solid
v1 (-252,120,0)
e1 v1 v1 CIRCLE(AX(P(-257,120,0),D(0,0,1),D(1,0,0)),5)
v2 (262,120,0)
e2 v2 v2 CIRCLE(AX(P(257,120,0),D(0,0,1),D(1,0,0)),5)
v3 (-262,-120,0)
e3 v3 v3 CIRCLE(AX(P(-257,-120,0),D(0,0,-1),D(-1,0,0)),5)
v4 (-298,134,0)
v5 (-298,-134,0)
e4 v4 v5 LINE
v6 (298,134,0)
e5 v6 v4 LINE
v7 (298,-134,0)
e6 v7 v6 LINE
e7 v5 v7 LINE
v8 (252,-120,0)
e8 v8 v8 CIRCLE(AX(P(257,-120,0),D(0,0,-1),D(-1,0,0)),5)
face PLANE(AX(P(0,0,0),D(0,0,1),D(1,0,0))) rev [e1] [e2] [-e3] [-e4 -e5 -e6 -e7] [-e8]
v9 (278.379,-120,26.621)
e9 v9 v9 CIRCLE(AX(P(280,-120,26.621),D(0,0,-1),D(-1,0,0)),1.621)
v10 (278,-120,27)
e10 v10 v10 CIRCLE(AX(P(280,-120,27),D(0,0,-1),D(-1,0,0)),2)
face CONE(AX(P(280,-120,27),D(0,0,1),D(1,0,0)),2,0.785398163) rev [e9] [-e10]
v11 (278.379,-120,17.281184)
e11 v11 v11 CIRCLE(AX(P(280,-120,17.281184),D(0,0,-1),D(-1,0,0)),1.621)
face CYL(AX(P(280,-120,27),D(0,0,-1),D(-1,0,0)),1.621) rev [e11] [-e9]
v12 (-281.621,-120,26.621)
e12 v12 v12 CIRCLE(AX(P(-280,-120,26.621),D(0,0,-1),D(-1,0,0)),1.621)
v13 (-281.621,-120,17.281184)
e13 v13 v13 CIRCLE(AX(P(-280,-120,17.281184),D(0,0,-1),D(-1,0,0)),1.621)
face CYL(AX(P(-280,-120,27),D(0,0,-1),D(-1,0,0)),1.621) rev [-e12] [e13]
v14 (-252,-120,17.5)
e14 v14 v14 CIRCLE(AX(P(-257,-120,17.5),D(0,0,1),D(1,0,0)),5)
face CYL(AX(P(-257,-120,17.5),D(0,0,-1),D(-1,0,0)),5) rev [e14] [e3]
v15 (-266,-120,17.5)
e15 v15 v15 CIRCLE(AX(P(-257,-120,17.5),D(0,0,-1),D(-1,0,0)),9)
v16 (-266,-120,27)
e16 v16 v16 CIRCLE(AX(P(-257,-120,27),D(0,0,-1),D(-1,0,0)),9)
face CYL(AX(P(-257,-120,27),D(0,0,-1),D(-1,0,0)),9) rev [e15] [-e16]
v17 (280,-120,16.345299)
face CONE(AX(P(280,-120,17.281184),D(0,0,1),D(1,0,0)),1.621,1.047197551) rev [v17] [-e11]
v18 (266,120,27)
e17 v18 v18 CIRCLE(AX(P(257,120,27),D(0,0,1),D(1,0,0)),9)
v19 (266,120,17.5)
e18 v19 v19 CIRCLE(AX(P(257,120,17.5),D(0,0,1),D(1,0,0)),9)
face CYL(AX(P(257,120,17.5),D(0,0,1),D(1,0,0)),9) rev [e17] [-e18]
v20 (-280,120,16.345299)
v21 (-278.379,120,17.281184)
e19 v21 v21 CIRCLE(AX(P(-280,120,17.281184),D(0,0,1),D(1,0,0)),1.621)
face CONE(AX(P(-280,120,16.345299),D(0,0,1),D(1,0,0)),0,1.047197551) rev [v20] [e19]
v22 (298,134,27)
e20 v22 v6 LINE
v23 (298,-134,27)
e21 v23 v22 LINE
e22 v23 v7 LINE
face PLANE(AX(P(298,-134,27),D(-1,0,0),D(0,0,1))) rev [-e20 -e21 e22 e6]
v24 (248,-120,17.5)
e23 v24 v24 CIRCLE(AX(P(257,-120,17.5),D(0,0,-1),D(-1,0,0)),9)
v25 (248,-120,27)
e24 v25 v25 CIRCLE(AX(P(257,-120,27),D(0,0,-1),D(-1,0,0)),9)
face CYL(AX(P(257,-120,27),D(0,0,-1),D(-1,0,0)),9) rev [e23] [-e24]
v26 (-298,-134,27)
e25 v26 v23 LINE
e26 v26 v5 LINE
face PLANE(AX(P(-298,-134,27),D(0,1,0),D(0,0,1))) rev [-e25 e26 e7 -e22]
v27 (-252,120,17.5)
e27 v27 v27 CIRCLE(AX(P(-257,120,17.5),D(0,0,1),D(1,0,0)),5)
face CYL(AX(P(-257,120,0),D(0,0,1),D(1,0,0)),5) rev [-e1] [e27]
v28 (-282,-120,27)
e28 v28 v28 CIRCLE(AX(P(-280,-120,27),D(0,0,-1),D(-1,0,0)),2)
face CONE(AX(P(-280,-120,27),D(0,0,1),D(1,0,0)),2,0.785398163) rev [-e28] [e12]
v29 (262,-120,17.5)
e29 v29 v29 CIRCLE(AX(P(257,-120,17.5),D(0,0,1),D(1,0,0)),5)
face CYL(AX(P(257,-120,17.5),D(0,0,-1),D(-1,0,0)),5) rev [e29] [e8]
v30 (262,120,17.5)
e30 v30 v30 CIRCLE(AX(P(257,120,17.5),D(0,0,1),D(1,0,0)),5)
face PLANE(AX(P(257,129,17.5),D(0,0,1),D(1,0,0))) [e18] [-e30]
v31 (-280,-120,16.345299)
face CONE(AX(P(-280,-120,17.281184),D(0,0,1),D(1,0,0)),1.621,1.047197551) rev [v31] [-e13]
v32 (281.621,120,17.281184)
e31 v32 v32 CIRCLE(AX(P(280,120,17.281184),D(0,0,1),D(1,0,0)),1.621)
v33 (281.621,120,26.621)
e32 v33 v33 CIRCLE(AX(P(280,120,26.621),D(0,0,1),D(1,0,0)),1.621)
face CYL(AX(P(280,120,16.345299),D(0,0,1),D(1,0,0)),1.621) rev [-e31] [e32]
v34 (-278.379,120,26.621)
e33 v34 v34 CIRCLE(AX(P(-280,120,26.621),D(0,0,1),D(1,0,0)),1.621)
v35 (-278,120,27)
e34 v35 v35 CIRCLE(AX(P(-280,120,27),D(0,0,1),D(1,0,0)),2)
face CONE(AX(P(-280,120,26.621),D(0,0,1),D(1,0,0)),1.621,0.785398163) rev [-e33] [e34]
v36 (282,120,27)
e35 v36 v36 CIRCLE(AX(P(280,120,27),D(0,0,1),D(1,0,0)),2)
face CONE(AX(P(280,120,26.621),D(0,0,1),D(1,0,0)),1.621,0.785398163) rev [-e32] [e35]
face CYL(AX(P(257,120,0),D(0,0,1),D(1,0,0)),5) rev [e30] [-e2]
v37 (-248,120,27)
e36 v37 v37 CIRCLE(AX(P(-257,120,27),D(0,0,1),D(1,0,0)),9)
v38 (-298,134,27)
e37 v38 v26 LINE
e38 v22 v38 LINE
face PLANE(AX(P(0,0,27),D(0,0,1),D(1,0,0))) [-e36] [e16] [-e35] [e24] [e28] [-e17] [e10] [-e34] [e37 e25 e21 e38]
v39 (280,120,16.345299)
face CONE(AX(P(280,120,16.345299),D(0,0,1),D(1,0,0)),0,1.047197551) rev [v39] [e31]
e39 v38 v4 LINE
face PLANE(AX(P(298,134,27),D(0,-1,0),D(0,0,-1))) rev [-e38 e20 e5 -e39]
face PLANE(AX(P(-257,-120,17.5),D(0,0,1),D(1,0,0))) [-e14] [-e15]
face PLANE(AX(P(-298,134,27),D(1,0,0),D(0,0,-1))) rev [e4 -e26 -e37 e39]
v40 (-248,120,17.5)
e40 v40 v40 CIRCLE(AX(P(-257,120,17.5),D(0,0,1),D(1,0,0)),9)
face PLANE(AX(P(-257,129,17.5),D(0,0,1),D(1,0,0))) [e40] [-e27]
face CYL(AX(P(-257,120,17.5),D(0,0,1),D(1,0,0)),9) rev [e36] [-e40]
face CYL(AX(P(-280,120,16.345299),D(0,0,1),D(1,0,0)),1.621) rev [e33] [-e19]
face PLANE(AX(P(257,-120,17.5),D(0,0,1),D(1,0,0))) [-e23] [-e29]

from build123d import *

# Parameters (mm, degrees)
SZKIC1_W                    = 596
SZKIC1_H                    = 268
DODANIE_WYCI_GNI_CIE1_DEPTH = 27
SZKIC2_W                    = 17.5
SZKIC2_H                    = 5
SZKIC3_W                    = 17.5
SZKIC3_H                    = 5
SZKIC4_W                    = 17.5
SZKIC4_H                    = 5
SZKIC5_W                    = 17.5
SZKIC5_H                    = 5
SZKIC6_W                    = 9.5
SZKIC6_H                    = 9
SZKIC7_W                    = 9.5
SZKIC7_H                    = 9
SZKIC8_W                    = 9.5
SZKIC8_H                    = 9
SZKIC9_W                    = 9.5
SZKIC9_H                    = 9


with BuildPart() as part:
    # Szkic1 → Dodanie-wyciągnięcie1 (new body)
    with BuildSketch(Plane.XY):
        Rectangle(SZKIC1_W, SZKIC1_H)
    extrude(amount=DODANIE_WYCI_GNI_CIE1_DEPTH)

    # Szkic2 → Wycięcie-obrót1 (revolve, cut)
    with BuildSketch(Plane(origin=(257, 0, 0), x_dir=(0, 0, -1), z_dir=(1, 0, 0))):
        with Locations((-8.75, 122.5)):
            Rectangle(SZKIC2_W, SZKIC2_H)
    revolve(axis=Axis((257, 120, 0), (0, 0, 1)), mode=Mode.SUBTRACT)

    # Szkic3 → Wycięcie-obrót2 (revolve, cut)
    with BuildSketch(Plane(origin=(257, 0, 0), x_dir=(0, 0, -1), z_dir=(1, 0, 0))):
        with Locations((-8.75, -122.5)):
            Rectangle(SZKIC3_W, SZKIC3_H)
    revolve(axis=Axis((257, -120, 17.5), (0, 0, -1)), mode=Mode.SUBTRACT)

    # Szkic4 → Wycięcie-obrót3 (revolve, cut)
    with BuildSketch(Plane(origin=(-257, 0, 0), x_dir=(0, 0, -1), z_dir=(1, 0, 0))):
        with Locations((-8.75, 122.5)):
            Rectangle(SZKIC4_W, SZKIC4_H)
    revolve(axis=Axis((-257, 120, 0), (0, 0, 1)), mode=Mode.SUBTRACT)

    # Szkic5 → Wycięcie-obrót4 (revolve, cut)
    with BuildSketch(Plane(origin=(-257, 0, 0), x_dir=(0, 0, -1), z_dir=(1, 0, 0))):
        with Locations((-8.75, -122.5)):
            Rectangle(SZKIC5_W, SZKIC5_H)
    revolve(axis=Axis((-257, -120, 17.5), (0, 0, -1)), mode=Mode.SUBTRACT)

    # Szkic6 → Wycięcie-obrót5 (revolve, cut)
    with BuildSketch(Plane(origin=(-257, 0, 0), x_dir=(0, 0, -1), z_dir=(1, 0, 0))):
        with Locations((-22.25, 124.5)):
            Rectangle(SZKIC6_W, SZKIC6_H)
    revolve(axis=Axis((-257, 120, 17.5), (0, 0, 1)), mode=Mode.SUBTRACT)

    # Szkic7 → Wycięcie-obrót6 (revolve, cut)
    with BuildSketch(Plane(origin=(257, 0, 0), x_dir=(0, 0, -1), z_dir=(1, 0, 0))):
        with Locations((-22.25, 124.5)):
            Rectangle(SZKIC7_W, SZKIC7_H)
    revolve(axis=Axis((257, 120, 17.5), (0, 0, 1)), mode=Mode.SUBTRACT)

    # Szkic8 → Wycięcie-obrót7 (revolve, cut)
    with BuildSketch(Plane(origin=(-257, 0, 0), x_dir=(0, 0, -1), z_dir=(1, 0, 0))):
        with Locations((-22.25, -124.5)):
            Rectangle(SZKIC8_W, SZKIC8_H)
    revolve(axis=Axis((-257, -120, 27), (0, 0, -1)), mode=Mode.SUBTRACT)

    # Szkic9 → Wycięcie-obrót8 (revolve, cut)
    with BuildSketch(Plane(origin=(257, 0, 0), x_dir=(0, 0, -1), z_dir=(1, 0, 0))):
        with Locations((-22.25, -124.5)):
            Rectangle(SZKIC9_W, SZKIC9_H)
    revolve(axis=Axis((257, -120, 27), (0, 0, -1)), mode=Mode.SUBTRACT)

    # Szkic10 → Wycięcie-obrót9 (revolve, cut)
    with BuildSketch(Plane(origin=(-280, 0, 0), x_dir=(0, 0, -1), z_dir=(1, 0, 0))):
        Polygon((-27, 120), (-27, 122), (-26.621, 121.621), (-17.281184248, 121.621), (-16.345299462, 120), align=None)
    revolve(axis=Axis((-280, 120, 16.345299462), (0, 0, 1)), mode=Mode.SUBTRACT)

    # Szkic11 → Wycięcie-obrót10 (revolve, cut)
    with BuildSketch(Plane(origin=(-280, 0, 0), x_dir=(0, 0, -1), z_dir=(1, 0, 0))):
        Polygon((-16.345299462, -120), (-17.281184248, -121.621), (-26.621, -121.621), (-27, -122), (-27, -120), align=None)
    revolve(axis=Axis((-280, -120, 27), (0, 0, -1)), mode=Mode.SUBTRACT)

    # Szkic12 → Wycięcie-obrót11 (revolve, cut)
    with BuildSketch(Plane(origin=(280, 0, 0), x_dir=(0, 0, -1), z_dir=(1, 0, 0))):
        Polygon((-27, 120), (-27, 122), (-26.621, 121.621), (-17.281184248, 121.621), (-16.345299462, 120), align=None)
    revolve(axis=Axis((280, 120, 16.345299462), (0, 0, 1)), mode=Mode.SUBTRACT)

    # Szkic13 → Wycięcie-obrót12 (revolve, cut)
    with BuildSketch(Plane(origin=(280, 0, 0), x_dir=(0, 0, -1), z_dir=(1, 0, 0))):
        Polygon((-16.345299462, -120), (-17.281184248, -121.621), (-26.621, -121.621), (-27, -122), (-27, -120), align=None)
    revolve(axis=Axis((280, -120, 27), (0, 0, -1)), mode=Mode.SUBTRACT)


solid = part.part
